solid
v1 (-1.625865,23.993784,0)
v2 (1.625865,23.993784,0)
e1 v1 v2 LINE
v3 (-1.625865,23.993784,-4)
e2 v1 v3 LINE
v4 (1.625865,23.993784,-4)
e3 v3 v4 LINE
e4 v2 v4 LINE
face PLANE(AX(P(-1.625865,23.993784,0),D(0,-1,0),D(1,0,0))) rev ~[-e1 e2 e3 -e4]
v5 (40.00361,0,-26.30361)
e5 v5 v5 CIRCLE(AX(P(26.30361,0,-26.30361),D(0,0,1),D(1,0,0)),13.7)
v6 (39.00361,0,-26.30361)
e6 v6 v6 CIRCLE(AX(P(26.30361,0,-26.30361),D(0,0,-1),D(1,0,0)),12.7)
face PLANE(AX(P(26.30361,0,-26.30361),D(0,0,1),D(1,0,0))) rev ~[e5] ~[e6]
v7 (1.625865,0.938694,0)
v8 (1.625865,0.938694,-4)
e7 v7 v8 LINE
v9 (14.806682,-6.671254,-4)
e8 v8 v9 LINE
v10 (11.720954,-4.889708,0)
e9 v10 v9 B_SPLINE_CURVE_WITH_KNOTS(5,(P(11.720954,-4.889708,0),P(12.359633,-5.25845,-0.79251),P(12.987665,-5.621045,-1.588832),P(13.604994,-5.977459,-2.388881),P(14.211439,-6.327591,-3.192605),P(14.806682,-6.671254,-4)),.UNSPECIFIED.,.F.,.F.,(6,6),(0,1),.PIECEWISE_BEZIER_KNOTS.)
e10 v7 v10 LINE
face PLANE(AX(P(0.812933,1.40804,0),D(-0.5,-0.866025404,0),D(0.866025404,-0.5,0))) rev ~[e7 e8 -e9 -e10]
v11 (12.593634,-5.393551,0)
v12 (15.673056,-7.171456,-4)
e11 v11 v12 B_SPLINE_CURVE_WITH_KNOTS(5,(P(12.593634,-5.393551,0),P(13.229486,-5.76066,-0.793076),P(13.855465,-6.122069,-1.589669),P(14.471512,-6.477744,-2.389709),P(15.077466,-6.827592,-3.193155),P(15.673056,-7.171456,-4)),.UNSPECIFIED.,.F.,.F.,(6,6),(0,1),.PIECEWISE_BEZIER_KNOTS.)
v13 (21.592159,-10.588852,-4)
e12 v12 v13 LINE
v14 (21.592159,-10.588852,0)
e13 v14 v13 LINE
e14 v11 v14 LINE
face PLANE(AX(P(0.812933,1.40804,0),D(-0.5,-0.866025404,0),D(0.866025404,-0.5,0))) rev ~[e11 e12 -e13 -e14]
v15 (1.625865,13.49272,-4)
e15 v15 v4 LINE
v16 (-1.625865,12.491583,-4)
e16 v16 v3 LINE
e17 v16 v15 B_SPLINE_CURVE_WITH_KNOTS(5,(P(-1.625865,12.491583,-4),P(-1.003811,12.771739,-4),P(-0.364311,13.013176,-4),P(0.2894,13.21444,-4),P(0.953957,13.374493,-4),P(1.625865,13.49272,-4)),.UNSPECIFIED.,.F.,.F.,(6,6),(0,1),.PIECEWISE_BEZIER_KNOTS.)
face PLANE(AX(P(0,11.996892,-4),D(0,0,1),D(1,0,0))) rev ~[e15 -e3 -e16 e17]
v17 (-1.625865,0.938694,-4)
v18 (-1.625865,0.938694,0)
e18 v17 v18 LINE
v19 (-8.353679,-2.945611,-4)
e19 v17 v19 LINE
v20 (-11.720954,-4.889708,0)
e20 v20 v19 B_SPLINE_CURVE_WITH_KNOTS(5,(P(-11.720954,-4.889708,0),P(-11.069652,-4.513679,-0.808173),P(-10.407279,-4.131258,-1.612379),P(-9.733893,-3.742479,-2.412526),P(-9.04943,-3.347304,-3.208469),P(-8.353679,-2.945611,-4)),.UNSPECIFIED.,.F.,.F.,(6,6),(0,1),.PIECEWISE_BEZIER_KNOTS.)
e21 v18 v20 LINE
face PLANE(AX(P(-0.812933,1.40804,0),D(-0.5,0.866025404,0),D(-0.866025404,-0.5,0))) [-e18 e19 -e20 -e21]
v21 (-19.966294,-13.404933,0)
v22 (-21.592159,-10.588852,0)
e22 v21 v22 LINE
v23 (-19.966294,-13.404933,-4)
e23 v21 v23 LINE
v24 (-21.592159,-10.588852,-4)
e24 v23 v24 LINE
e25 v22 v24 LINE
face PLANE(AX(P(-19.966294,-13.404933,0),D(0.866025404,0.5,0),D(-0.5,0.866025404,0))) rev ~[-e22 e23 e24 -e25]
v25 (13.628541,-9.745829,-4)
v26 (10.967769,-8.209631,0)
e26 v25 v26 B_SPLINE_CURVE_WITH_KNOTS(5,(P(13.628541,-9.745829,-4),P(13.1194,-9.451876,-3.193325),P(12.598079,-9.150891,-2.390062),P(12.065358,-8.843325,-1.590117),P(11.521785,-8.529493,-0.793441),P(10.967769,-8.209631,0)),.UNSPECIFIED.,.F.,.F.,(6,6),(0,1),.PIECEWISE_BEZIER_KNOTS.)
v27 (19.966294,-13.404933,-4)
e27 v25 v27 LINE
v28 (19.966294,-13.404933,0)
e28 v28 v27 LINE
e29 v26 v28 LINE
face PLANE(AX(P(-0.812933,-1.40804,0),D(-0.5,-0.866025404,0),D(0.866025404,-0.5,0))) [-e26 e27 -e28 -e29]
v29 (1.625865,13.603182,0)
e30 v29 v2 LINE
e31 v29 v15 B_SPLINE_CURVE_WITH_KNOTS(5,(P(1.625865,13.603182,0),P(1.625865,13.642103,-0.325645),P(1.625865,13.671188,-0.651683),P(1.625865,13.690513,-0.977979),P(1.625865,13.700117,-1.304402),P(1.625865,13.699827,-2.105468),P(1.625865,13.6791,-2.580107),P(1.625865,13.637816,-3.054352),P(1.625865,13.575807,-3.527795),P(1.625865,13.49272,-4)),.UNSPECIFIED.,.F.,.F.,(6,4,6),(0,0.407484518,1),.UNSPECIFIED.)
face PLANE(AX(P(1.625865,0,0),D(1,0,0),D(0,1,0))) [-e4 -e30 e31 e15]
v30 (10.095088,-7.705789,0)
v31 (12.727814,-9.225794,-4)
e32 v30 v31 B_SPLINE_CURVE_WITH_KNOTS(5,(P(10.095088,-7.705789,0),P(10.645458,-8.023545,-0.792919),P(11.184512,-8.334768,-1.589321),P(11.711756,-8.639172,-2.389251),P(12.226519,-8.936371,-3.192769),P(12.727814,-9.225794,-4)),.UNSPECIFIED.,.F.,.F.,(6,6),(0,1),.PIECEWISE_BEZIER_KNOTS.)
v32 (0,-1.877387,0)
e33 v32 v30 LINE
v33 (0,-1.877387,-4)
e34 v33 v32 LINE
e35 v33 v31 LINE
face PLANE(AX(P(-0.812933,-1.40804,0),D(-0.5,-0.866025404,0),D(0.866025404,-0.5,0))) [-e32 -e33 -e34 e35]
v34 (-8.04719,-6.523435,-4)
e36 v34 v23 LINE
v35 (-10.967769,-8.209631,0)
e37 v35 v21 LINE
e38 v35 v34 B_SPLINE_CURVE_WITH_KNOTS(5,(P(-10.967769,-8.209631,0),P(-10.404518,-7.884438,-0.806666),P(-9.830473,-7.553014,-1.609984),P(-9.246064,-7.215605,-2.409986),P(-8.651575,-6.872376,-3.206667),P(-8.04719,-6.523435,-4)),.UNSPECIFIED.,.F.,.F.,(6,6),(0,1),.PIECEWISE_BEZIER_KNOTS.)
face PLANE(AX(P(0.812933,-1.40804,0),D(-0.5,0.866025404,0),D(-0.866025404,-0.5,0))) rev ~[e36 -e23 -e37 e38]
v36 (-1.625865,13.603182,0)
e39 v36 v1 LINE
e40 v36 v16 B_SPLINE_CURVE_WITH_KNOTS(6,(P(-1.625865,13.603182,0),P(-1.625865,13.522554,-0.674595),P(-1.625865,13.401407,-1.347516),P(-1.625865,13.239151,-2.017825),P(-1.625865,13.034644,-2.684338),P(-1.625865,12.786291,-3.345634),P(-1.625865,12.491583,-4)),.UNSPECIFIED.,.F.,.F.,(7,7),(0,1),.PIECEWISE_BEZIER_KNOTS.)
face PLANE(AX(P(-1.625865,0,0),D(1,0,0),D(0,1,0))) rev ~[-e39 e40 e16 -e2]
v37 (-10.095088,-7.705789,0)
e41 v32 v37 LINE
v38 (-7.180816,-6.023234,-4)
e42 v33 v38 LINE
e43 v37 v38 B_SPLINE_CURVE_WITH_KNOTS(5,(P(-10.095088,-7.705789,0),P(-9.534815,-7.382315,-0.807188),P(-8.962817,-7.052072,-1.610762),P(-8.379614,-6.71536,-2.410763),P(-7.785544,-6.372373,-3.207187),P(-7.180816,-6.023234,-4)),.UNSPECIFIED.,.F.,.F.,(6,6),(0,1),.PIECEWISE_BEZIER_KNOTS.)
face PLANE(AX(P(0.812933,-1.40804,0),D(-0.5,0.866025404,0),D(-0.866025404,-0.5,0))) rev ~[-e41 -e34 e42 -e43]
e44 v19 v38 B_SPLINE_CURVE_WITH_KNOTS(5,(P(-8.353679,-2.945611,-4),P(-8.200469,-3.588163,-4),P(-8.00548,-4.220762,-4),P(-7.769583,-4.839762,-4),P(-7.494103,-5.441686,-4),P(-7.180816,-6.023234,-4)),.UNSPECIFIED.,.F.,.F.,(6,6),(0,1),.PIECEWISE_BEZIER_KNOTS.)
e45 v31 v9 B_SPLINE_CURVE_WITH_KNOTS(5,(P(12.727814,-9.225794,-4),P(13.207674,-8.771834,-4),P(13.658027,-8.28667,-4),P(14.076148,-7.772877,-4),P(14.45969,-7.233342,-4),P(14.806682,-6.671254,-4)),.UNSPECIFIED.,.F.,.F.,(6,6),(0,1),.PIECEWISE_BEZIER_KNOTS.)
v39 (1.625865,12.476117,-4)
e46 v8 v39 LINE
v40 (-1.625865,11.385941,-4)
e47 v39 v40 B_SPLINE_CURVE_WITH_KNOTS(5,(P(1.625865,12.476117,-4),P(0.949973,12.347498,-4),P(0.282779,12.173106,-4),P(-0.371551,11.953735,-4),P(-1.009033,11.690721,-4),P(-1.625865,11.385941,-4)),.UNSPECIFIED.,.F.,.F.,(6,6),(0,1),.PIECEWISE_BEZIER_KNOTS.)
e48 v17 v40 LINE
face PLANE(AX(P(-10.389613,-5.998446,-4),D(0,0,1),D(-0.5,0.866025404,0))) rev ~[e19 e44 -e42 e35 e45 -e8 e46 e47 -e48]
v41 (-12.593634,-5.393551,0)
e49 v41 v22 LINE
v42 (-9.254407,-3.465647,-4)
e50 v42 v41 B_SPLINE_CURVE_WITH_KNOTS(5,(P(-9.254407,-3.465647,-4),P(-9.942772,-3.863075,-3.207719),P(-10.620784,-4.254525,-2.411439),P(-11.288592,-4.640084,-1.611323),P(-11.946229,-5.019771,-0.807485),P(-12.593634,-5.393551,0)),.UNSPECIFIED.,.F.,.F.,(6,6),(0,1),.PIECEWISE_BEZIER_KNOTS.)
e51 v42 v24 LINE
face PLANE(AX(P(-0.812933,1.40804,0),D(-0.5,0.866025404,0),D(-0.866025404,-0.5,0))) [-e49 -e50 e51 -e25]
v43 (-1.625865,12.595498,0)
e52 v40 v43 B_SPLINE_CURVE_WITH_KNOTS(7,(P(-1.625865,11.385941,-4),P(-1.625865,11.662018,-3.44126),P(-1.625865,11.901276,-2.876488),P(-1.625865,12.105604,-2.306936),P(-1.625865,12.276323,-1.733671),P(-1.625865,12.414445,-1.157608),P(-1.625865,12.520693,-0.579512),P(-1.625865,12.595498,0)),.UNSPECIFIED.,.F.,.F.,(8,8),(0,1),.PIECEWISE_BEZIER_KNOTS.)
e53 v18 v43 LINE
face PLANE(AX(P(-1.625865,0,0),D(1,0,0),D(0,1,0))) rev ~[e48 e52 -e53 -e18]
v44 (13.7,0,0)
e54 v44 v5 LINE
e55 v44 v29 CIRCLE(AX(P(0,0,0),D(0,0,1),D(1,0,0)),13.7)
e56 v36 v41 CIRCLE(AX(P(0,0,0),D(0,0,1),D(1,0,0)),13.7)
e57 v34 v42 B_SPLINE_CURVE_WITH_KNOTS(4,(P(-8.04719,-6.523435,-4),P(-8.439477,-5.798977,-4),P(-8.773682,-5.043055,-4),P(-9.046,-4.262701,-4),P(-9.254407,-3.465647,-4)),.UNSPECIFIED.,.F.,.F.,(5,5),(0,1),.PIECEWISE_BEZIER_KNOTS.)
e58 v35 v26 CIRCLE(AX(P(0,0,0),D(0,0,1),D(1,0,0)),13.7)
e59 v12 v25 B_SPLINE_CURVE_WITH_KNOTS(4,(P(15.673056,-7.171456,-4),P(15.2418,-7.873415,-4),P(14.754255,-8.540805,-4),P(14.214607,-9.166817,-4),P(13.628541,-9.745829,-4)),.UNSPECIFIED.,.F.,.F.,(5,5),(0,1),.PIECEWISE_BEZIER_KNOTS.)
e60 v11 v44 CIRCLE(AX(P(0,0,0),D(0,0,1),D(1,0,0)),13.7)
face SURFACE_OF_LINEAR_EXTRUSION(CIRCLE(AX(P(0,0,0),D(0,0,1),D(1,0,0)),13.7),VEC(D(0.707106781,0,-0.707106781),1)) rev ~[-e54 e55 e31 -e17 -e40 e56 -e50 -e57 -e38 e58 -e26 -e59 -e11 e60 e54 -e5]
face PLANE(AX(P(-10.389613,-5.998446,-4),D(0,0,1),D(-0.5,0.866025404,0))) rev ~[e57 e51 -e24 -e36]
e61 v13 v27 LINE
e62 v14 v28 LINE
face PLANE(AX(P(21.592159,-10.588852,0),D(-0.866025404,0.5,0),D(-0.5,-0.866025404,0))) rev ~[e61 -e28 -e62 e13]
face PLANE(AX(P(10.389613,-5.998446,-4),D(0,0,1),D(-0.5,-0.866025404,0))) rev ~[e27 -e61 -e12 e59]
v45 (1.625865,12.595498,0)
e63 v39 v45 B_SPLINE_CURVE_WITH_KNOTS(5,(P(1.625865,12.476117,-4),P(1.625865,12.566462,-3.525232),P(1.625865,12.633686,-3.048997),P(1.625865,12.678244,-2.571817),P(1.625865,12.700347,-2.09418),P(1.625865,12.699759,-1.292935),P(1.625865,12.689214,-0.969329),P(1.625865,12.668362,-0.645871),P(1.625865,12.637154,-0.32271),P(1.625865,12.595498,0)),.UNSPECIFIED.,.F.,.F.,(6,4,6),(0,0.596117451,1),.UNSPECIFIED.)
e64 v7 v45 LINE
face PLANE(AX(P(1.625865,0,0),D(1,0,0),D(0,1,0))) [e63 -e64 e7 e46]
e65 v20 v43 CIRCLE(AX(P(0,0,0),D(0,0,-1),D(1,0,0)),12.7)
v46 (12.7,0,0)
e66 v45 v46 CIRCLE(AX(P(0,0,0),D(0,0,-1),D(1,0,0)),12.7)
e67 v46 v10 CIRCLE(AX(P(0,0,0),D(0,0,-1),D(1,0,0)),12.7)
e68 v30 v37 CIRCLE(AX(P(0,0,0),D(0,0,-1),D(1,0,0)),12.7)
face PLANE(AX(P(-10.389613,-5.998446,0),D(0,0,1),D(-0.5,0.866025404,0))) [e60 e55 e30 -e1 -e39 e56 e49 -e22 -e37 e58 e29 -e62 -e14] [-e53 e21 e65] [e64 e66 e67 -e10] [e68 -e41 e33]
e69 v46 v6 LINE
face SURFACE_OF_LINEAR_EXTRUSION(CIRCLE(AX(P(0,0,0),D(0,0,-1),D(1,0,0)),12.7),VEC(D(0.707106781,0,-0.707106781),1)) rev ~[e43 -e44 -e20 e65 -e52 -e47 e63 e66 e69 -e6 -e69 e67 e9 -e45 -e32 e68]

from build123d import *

# Parameters (mm, degrees)
ESQUISSE1_R                  = 13.7
ESQUISSE1_R_2                = 12.7
ESQUISSE3_W                  = 3.251730064
ESQUISSE3_H                  = 23.99378428
BOSS_EXTRU_1_DEPTH           = 4
R_P_TITION_CIRCULAIRE1_COUNT = 3


with BuildPart() as part:
    # Balayage1: sweep along a path in Esquisse2
    with BuildLine(Plane(origin=(0, 0, 0), x_dir=(1, 0, 0), z_dir=(0, 1, 0))) as balayage1_path:
        Line((0, 0), (26.30360969, 26.30360969))
    # Esquisse1 → Balayage1 (sweep)
    with BuildSketch(Plane.XY):
        Circle(ESQUISSE1_R)
        Circle(ESQUISSE1_R_2, mode=Mode.SUBTRACT)
    sweep(path=balayage1_path.line)

    # Esquisse3 → Boss.-Extru.1 (add)
    with BuildSketch(Plane.XY):
        with Locations((0, 11.99689214)):
            Rectangle(ESQUISSE3_W, ESQUISSE3_H)
    boss_extru_1 = extrude(amount=-BOSS_EXTRU_1_DEPTH)

    # Répétition circulaire1: Boss.-Extru.1 ×3 about axis
    r_p_tition_circulaire1_axis = Axis((0, 0, 0), (0, 0, 1))
    for i in range(1, R_P_TITION_CIRCULAIRE1_COUNT):
        add(boss_extru_1.rotate(r_p_tition_circulaire1_axis, i * 360 / R_P_TITION_CIRCULAIRE1_COUNT))


solid = part.part
